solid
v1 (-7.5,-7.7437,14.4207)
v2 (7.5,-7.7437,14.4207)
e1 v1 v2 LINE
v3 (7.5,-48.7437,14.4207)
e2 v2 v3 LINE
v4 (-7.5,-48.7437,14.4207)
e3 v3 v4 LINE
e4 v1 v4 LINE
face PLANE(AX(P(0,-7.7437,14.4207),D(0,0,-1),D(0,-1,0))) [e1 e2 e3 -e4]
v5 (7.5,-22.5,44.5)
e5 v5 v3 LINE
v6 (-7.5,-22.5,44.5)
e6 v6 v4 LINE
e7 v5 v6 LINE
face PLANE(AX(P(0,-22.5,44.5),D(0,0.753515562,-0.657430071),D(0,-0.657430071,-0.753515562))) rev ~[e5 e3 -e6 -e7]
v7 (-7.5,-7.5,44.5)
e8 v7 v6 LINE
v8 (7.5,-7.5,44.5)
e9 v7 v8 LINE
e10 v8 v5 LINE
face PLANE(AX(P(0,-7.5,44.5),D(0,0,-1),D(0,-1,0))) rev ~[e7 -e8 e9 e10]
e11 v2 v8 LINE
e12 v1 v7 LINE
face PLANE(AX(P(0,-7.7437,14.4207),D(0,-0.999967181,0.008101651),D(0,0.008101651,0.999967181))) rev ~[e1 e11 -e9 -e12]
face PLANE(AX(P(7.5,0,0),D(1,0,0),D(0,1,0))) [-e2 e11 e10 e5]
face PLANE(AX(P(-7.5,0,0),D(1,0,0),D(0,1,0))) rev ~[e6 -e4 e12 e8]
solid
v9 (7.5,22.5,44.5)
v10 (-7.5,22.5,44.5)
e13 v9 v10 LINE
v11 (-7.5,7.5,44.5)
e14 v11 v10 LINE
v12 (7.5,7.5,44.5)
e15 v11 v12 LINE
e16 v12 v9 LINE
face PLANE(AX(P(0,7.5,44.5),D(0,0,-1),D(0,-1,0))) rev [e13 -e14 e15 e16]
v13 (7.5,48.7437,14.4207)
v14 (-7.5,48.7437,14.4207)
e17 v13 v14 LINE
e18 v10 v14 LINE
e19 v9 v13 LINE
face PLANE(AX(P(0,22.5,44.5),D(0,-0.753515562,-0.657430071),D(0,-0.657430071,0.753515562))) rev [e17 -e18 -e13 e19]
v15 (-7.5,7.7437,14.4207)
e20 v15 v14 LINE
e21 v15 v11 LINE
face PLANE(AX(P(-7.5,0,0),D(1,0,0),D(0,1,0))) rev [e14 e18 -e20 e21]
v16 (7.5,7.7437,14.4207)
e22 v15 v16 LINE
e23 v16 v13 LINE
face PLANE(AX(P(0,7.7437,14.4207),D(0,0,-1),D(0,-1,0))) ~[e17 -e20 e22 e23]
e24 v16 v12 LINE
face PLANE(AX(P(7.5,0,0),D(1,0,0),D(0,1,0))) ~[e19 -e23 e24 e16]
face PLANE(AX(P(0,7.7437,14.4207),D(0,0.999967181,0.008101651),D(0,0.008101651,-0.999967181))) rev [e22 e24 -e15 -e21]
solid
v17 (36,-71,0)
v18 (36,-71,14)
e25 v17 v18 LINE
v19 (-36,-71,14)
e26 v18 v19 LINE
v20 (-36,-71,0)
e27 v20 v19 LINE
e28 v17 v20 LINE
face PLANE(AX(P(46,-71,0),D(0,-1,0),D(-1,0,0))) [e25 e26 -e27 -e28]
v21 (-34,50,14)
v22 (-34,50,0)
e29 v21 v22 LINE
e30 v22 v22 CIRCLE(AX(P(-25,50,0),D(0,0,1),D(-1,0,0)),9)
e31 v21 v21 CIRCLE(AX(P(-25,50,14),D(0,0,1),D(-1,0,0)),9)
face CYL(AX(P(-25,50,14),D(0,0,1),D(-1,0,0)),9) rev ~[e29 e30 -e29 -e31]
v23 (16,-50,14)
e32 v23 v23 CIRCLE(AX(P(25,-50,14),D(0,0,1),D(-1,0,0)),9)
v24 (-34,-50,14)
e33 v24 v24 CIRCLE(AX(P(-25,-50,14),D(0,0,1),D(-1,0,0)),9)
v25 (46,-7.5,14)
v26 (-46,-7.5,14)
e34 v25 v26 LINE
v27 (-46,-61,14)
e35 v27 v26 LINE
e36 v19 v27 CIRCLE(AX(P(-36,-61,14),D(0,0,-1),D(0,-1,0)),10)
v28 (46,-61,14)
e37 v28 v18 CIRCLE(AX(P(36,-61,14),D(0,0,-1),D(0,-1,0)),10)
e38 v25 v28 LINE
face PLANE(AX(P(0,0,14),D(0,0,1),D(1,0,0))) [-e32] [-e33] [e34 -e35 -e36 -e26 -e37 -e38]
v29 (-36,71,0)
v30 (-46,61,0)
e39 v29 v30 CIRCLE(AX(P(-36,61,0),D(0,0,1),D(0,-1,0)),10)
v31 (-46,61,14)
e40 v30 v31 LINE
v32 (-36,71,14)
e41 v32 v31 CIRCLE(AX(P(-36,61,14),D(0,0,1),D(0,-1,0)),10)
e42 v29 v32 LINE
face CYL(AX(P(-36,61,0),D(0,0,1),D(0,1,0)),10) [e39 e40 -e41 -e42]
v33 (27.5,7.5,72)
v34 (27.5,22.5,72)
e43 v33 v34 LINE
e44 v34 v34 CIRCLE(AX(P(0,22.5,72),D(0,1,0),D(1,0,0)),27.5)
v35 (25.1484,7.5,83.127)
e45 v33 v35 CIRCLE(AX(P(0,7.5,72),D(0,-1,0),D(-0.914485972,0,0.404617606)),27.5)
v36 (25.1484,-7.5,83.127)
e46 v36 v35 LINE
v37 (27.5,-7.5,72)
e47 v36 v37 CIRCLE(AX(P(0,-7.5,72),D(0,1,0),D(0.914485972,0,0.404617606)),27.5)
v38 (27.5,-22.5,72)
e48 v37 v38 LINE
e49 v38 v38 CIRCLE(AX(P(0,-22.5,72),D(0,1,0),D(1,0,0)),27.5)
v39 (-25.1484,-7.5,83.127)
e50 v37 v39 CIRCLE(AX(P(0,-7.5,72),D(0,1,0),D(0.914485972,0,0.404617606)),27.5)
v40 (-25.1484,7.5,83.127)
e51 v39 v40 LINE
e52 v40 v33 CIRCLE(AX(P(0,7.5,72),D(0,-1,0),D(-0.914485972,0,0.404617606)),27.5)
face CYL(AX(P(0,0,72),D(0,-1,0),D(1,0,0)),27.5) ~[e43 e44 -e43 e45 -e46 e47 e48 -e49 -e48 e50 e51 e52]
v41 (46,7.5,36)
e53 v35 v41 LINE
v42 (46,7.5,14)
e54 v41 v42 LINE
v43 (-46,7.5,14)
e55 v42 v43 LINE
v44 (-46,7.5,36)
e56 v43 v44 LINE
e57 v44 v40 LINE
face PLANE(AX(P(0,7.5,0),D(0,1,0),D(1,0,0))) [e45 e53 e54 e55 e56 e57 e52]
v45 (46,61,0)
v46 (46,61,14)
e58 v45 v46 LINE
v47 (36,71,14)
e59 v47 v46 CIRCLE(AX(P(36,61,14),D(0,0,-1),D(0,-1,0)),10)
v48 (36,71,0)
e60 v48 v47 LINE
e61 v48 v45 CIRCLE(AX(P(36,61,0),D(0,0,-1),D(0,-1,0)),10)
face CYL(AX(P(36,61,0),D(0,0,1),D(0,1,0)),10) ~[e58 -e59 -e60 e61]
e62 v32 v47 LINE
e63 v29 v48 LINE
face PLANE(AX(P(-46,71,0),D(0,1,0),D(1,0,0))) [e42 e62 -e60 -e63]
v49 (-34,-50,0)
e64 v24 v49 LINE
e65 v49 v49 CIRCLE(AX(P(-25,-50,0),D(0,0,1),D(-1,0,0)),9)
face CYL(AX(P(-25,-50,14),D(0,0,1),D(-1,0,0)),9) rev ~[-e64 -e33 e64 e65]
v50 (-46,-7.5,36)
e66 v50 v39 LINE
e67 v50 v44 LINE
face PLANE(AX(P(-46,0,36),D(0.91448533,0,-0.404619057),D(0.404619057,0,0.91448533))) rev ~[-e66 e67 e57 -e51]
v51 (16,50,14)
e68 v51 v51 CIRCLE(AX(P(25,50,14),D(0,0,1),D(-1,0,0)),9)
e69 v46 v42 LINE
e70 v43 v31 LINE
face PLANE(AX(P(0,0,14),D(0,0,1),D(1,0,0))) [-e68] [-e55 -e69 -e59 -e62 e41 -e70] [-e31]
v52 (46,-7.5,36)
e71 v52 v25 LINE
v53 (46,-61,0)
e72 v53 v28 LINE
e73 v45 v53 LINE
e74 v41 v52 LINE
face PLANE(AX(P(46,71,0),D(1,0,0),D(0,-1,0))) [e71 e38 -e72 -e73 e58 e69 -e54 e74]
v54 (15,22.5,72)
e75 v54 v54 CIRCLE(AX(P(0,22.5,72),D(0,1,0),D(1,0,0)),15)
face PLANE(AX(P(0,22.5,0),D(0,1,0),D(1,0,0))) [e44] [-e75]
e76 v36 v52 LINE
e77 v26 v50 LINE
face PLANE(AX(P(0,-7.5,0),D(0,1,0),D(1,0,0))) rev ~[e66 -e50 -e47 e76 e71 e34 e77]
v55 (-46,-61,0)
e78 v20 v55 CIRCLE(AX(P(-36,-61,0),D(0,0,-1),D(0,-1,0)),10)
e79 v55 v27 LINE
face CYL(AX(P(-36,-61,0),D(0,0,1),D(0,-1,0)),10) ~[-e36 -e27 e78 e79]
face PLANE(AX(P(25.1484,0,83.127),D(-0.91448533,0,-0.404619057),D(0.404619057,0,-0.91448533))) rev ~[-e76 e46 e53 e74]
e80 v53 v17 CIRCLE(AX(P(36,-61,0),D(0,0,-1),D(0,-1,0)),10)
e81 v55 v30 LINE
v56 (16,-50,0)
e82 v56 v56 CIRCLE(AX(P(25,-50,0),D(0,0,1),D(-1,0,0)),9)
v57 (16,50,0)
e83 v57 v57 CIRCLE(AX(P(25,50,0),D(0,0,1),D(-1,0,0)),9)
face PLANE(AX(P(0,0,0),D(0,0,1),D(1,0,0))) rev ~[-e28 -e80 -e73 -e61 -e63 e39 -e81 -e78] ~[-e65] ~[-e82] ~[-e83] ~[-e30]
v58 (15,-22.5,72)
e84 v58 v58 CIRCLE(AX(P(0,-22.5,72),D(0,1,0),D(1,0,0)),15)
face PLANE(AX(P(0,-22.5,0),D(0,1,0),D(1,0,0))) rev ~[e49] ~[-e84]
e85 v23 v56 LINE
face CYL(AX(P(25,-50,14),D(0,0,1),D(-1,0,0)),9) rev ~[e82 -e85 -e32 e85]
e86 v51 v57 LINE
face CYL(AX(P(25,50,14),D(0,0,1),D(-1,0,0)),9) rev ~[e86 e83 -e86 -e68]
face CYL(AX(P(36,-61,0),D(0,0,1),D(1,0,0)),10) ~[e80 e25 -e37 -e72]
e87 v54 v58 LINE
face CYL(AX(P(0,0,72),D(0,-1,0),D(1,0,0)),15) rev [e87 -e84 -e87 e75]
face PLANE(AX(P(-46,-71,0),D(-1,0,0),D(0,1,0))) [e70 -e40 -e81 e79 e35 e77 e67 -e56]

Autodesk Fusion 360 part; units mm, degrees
sketch "Sketch1" plane through (0, 0, 0) normal (0, 0, 1) x (1, 0, 0)
  line L0 (-46, 71) -> (46, 71)
  line L1 (46, 71) -> (46, -71)
  line L2 (46, -71) -> (-46, -71)
  line L3 (-46, -71) -> (-46, 71)
  line L4 (-46, 71) -> (46, -71) construction
  line L5 (46, 71) -> (-46, -71) construction
  dimension "d1" = 92
  dimension "d2" = 142
extrude "Extrude1" add sketch "Sketch1" along normal blind 14 makes body 1
fillet "Fillet1" radius 10 4 edges at (-46, -71, 7) (-46, 71, 7) (46, 71, 7) (46, -71, 7) on bodies 1
sketch "Sketch2" plane through (0, 0, 14) normal (0, 0, 1) x (-1, 0, 0)
  arc A0 (-36, 71) -> (-46, 61) centre (-36, 61) ccw
  line L0 (-46, 61) -> (-46, -61)
  arc A1 (-46, -61) -> (-36, -71) centre (-36, -61) ccw
  line L1 (-36, -71) -> (36, -71)
  arc A2 (36, -71) -> (46, -61) centre (36, -61) ccw
  line L2 (46, -61) -> (46, 61)
  arc A3 (46, 61) -> (36, 71) centre (36, 61) ccw
  line L3 (36, 71) -> (-36, 71)
  circle A4 centre (-25, 50) radius 9
  dimension "d7" = 18
  dimension "d8" = 21
  dimension "d9" = 21
extrude "Extrude2" cut sketch "Sketch2" against normal through all contours A4 bodies 1
pattern_linear "R-Pattern1" count 2 spacing 100 along (0, 1, 0) count 2 spacing 50 along (-1, 0, 0) of "Extrude2"
sketch "Sketch3" plane through (0, 0, 0) normal (0, 1, 0) x (1, 0, 0)
  circle A0 centre (0, -72) radius 15
  circle A1 centre (0, -72) radius 27.5
  line L0 (36, -14) -> (-36, -14)
  dimension "d16" = 30
  dimension "d17" = 55
extrude "Extrude3" add sketch "Sketch3" along normal mid plane 45 separate body makes body 2
sketch "Sketch4" plane through (0, 0, 0) normal (0, 1, 0) x (1, 0, 0)
  line L0 (-46, -14) -> (-46, -36)
  line L1 (-46, -36) -> (-25.1484, -83.127)
  line L2 (-25.1484, -83.127) -> (-25.1483, -83.127)
  arc A0 (-25.1483, -83.127) -> (25.1484, -83.127) centre (0, -72) ccw
  line L3 (46, -36) -> (46, -14)
  line L4 (46, -14) -> (-46, -14)
  line L5 (25.1484, -83.127) -> (46, -36)
  circle A1 centre (0, -72) radius 27.5
  point P0 (46, -14)
  point P1 (-46, -14)
  dimension "d21" = 22
extrude "Extrude4" add sketch "Sketch4" along normal mid plane 15 contours L0 L1 L3 L4 L5 A1 bodies 1 2
sketch "Sketch5" plane through (0, 0, 0) normal (1, 0, 0) x (0, 1, 0)
  line L0 (-7.7437, 14.4207) -> (-48.7437, 14.4207)
  line L1 (-22.5, 44.5) -> (-48.7437, 14.4207)
  line L2 (-22.5, 99.5) -> (-22.5, 44.5)
  curve A0
  line L3 (-7.7437, 14.4207) -> (-7.5, 44.5)
  line L4 (-7.5, 44.5) -> (-22.5, 44.5)
  dimension "d24" = 41
extrude "Extrude5" add sketch "Sketch5" along normal mid plane 15 separate body makes body 3
mirror "Mirror1" about plane through (0, 0, 0) normal (0, 1, 0) of bodies 3 makes body 4
